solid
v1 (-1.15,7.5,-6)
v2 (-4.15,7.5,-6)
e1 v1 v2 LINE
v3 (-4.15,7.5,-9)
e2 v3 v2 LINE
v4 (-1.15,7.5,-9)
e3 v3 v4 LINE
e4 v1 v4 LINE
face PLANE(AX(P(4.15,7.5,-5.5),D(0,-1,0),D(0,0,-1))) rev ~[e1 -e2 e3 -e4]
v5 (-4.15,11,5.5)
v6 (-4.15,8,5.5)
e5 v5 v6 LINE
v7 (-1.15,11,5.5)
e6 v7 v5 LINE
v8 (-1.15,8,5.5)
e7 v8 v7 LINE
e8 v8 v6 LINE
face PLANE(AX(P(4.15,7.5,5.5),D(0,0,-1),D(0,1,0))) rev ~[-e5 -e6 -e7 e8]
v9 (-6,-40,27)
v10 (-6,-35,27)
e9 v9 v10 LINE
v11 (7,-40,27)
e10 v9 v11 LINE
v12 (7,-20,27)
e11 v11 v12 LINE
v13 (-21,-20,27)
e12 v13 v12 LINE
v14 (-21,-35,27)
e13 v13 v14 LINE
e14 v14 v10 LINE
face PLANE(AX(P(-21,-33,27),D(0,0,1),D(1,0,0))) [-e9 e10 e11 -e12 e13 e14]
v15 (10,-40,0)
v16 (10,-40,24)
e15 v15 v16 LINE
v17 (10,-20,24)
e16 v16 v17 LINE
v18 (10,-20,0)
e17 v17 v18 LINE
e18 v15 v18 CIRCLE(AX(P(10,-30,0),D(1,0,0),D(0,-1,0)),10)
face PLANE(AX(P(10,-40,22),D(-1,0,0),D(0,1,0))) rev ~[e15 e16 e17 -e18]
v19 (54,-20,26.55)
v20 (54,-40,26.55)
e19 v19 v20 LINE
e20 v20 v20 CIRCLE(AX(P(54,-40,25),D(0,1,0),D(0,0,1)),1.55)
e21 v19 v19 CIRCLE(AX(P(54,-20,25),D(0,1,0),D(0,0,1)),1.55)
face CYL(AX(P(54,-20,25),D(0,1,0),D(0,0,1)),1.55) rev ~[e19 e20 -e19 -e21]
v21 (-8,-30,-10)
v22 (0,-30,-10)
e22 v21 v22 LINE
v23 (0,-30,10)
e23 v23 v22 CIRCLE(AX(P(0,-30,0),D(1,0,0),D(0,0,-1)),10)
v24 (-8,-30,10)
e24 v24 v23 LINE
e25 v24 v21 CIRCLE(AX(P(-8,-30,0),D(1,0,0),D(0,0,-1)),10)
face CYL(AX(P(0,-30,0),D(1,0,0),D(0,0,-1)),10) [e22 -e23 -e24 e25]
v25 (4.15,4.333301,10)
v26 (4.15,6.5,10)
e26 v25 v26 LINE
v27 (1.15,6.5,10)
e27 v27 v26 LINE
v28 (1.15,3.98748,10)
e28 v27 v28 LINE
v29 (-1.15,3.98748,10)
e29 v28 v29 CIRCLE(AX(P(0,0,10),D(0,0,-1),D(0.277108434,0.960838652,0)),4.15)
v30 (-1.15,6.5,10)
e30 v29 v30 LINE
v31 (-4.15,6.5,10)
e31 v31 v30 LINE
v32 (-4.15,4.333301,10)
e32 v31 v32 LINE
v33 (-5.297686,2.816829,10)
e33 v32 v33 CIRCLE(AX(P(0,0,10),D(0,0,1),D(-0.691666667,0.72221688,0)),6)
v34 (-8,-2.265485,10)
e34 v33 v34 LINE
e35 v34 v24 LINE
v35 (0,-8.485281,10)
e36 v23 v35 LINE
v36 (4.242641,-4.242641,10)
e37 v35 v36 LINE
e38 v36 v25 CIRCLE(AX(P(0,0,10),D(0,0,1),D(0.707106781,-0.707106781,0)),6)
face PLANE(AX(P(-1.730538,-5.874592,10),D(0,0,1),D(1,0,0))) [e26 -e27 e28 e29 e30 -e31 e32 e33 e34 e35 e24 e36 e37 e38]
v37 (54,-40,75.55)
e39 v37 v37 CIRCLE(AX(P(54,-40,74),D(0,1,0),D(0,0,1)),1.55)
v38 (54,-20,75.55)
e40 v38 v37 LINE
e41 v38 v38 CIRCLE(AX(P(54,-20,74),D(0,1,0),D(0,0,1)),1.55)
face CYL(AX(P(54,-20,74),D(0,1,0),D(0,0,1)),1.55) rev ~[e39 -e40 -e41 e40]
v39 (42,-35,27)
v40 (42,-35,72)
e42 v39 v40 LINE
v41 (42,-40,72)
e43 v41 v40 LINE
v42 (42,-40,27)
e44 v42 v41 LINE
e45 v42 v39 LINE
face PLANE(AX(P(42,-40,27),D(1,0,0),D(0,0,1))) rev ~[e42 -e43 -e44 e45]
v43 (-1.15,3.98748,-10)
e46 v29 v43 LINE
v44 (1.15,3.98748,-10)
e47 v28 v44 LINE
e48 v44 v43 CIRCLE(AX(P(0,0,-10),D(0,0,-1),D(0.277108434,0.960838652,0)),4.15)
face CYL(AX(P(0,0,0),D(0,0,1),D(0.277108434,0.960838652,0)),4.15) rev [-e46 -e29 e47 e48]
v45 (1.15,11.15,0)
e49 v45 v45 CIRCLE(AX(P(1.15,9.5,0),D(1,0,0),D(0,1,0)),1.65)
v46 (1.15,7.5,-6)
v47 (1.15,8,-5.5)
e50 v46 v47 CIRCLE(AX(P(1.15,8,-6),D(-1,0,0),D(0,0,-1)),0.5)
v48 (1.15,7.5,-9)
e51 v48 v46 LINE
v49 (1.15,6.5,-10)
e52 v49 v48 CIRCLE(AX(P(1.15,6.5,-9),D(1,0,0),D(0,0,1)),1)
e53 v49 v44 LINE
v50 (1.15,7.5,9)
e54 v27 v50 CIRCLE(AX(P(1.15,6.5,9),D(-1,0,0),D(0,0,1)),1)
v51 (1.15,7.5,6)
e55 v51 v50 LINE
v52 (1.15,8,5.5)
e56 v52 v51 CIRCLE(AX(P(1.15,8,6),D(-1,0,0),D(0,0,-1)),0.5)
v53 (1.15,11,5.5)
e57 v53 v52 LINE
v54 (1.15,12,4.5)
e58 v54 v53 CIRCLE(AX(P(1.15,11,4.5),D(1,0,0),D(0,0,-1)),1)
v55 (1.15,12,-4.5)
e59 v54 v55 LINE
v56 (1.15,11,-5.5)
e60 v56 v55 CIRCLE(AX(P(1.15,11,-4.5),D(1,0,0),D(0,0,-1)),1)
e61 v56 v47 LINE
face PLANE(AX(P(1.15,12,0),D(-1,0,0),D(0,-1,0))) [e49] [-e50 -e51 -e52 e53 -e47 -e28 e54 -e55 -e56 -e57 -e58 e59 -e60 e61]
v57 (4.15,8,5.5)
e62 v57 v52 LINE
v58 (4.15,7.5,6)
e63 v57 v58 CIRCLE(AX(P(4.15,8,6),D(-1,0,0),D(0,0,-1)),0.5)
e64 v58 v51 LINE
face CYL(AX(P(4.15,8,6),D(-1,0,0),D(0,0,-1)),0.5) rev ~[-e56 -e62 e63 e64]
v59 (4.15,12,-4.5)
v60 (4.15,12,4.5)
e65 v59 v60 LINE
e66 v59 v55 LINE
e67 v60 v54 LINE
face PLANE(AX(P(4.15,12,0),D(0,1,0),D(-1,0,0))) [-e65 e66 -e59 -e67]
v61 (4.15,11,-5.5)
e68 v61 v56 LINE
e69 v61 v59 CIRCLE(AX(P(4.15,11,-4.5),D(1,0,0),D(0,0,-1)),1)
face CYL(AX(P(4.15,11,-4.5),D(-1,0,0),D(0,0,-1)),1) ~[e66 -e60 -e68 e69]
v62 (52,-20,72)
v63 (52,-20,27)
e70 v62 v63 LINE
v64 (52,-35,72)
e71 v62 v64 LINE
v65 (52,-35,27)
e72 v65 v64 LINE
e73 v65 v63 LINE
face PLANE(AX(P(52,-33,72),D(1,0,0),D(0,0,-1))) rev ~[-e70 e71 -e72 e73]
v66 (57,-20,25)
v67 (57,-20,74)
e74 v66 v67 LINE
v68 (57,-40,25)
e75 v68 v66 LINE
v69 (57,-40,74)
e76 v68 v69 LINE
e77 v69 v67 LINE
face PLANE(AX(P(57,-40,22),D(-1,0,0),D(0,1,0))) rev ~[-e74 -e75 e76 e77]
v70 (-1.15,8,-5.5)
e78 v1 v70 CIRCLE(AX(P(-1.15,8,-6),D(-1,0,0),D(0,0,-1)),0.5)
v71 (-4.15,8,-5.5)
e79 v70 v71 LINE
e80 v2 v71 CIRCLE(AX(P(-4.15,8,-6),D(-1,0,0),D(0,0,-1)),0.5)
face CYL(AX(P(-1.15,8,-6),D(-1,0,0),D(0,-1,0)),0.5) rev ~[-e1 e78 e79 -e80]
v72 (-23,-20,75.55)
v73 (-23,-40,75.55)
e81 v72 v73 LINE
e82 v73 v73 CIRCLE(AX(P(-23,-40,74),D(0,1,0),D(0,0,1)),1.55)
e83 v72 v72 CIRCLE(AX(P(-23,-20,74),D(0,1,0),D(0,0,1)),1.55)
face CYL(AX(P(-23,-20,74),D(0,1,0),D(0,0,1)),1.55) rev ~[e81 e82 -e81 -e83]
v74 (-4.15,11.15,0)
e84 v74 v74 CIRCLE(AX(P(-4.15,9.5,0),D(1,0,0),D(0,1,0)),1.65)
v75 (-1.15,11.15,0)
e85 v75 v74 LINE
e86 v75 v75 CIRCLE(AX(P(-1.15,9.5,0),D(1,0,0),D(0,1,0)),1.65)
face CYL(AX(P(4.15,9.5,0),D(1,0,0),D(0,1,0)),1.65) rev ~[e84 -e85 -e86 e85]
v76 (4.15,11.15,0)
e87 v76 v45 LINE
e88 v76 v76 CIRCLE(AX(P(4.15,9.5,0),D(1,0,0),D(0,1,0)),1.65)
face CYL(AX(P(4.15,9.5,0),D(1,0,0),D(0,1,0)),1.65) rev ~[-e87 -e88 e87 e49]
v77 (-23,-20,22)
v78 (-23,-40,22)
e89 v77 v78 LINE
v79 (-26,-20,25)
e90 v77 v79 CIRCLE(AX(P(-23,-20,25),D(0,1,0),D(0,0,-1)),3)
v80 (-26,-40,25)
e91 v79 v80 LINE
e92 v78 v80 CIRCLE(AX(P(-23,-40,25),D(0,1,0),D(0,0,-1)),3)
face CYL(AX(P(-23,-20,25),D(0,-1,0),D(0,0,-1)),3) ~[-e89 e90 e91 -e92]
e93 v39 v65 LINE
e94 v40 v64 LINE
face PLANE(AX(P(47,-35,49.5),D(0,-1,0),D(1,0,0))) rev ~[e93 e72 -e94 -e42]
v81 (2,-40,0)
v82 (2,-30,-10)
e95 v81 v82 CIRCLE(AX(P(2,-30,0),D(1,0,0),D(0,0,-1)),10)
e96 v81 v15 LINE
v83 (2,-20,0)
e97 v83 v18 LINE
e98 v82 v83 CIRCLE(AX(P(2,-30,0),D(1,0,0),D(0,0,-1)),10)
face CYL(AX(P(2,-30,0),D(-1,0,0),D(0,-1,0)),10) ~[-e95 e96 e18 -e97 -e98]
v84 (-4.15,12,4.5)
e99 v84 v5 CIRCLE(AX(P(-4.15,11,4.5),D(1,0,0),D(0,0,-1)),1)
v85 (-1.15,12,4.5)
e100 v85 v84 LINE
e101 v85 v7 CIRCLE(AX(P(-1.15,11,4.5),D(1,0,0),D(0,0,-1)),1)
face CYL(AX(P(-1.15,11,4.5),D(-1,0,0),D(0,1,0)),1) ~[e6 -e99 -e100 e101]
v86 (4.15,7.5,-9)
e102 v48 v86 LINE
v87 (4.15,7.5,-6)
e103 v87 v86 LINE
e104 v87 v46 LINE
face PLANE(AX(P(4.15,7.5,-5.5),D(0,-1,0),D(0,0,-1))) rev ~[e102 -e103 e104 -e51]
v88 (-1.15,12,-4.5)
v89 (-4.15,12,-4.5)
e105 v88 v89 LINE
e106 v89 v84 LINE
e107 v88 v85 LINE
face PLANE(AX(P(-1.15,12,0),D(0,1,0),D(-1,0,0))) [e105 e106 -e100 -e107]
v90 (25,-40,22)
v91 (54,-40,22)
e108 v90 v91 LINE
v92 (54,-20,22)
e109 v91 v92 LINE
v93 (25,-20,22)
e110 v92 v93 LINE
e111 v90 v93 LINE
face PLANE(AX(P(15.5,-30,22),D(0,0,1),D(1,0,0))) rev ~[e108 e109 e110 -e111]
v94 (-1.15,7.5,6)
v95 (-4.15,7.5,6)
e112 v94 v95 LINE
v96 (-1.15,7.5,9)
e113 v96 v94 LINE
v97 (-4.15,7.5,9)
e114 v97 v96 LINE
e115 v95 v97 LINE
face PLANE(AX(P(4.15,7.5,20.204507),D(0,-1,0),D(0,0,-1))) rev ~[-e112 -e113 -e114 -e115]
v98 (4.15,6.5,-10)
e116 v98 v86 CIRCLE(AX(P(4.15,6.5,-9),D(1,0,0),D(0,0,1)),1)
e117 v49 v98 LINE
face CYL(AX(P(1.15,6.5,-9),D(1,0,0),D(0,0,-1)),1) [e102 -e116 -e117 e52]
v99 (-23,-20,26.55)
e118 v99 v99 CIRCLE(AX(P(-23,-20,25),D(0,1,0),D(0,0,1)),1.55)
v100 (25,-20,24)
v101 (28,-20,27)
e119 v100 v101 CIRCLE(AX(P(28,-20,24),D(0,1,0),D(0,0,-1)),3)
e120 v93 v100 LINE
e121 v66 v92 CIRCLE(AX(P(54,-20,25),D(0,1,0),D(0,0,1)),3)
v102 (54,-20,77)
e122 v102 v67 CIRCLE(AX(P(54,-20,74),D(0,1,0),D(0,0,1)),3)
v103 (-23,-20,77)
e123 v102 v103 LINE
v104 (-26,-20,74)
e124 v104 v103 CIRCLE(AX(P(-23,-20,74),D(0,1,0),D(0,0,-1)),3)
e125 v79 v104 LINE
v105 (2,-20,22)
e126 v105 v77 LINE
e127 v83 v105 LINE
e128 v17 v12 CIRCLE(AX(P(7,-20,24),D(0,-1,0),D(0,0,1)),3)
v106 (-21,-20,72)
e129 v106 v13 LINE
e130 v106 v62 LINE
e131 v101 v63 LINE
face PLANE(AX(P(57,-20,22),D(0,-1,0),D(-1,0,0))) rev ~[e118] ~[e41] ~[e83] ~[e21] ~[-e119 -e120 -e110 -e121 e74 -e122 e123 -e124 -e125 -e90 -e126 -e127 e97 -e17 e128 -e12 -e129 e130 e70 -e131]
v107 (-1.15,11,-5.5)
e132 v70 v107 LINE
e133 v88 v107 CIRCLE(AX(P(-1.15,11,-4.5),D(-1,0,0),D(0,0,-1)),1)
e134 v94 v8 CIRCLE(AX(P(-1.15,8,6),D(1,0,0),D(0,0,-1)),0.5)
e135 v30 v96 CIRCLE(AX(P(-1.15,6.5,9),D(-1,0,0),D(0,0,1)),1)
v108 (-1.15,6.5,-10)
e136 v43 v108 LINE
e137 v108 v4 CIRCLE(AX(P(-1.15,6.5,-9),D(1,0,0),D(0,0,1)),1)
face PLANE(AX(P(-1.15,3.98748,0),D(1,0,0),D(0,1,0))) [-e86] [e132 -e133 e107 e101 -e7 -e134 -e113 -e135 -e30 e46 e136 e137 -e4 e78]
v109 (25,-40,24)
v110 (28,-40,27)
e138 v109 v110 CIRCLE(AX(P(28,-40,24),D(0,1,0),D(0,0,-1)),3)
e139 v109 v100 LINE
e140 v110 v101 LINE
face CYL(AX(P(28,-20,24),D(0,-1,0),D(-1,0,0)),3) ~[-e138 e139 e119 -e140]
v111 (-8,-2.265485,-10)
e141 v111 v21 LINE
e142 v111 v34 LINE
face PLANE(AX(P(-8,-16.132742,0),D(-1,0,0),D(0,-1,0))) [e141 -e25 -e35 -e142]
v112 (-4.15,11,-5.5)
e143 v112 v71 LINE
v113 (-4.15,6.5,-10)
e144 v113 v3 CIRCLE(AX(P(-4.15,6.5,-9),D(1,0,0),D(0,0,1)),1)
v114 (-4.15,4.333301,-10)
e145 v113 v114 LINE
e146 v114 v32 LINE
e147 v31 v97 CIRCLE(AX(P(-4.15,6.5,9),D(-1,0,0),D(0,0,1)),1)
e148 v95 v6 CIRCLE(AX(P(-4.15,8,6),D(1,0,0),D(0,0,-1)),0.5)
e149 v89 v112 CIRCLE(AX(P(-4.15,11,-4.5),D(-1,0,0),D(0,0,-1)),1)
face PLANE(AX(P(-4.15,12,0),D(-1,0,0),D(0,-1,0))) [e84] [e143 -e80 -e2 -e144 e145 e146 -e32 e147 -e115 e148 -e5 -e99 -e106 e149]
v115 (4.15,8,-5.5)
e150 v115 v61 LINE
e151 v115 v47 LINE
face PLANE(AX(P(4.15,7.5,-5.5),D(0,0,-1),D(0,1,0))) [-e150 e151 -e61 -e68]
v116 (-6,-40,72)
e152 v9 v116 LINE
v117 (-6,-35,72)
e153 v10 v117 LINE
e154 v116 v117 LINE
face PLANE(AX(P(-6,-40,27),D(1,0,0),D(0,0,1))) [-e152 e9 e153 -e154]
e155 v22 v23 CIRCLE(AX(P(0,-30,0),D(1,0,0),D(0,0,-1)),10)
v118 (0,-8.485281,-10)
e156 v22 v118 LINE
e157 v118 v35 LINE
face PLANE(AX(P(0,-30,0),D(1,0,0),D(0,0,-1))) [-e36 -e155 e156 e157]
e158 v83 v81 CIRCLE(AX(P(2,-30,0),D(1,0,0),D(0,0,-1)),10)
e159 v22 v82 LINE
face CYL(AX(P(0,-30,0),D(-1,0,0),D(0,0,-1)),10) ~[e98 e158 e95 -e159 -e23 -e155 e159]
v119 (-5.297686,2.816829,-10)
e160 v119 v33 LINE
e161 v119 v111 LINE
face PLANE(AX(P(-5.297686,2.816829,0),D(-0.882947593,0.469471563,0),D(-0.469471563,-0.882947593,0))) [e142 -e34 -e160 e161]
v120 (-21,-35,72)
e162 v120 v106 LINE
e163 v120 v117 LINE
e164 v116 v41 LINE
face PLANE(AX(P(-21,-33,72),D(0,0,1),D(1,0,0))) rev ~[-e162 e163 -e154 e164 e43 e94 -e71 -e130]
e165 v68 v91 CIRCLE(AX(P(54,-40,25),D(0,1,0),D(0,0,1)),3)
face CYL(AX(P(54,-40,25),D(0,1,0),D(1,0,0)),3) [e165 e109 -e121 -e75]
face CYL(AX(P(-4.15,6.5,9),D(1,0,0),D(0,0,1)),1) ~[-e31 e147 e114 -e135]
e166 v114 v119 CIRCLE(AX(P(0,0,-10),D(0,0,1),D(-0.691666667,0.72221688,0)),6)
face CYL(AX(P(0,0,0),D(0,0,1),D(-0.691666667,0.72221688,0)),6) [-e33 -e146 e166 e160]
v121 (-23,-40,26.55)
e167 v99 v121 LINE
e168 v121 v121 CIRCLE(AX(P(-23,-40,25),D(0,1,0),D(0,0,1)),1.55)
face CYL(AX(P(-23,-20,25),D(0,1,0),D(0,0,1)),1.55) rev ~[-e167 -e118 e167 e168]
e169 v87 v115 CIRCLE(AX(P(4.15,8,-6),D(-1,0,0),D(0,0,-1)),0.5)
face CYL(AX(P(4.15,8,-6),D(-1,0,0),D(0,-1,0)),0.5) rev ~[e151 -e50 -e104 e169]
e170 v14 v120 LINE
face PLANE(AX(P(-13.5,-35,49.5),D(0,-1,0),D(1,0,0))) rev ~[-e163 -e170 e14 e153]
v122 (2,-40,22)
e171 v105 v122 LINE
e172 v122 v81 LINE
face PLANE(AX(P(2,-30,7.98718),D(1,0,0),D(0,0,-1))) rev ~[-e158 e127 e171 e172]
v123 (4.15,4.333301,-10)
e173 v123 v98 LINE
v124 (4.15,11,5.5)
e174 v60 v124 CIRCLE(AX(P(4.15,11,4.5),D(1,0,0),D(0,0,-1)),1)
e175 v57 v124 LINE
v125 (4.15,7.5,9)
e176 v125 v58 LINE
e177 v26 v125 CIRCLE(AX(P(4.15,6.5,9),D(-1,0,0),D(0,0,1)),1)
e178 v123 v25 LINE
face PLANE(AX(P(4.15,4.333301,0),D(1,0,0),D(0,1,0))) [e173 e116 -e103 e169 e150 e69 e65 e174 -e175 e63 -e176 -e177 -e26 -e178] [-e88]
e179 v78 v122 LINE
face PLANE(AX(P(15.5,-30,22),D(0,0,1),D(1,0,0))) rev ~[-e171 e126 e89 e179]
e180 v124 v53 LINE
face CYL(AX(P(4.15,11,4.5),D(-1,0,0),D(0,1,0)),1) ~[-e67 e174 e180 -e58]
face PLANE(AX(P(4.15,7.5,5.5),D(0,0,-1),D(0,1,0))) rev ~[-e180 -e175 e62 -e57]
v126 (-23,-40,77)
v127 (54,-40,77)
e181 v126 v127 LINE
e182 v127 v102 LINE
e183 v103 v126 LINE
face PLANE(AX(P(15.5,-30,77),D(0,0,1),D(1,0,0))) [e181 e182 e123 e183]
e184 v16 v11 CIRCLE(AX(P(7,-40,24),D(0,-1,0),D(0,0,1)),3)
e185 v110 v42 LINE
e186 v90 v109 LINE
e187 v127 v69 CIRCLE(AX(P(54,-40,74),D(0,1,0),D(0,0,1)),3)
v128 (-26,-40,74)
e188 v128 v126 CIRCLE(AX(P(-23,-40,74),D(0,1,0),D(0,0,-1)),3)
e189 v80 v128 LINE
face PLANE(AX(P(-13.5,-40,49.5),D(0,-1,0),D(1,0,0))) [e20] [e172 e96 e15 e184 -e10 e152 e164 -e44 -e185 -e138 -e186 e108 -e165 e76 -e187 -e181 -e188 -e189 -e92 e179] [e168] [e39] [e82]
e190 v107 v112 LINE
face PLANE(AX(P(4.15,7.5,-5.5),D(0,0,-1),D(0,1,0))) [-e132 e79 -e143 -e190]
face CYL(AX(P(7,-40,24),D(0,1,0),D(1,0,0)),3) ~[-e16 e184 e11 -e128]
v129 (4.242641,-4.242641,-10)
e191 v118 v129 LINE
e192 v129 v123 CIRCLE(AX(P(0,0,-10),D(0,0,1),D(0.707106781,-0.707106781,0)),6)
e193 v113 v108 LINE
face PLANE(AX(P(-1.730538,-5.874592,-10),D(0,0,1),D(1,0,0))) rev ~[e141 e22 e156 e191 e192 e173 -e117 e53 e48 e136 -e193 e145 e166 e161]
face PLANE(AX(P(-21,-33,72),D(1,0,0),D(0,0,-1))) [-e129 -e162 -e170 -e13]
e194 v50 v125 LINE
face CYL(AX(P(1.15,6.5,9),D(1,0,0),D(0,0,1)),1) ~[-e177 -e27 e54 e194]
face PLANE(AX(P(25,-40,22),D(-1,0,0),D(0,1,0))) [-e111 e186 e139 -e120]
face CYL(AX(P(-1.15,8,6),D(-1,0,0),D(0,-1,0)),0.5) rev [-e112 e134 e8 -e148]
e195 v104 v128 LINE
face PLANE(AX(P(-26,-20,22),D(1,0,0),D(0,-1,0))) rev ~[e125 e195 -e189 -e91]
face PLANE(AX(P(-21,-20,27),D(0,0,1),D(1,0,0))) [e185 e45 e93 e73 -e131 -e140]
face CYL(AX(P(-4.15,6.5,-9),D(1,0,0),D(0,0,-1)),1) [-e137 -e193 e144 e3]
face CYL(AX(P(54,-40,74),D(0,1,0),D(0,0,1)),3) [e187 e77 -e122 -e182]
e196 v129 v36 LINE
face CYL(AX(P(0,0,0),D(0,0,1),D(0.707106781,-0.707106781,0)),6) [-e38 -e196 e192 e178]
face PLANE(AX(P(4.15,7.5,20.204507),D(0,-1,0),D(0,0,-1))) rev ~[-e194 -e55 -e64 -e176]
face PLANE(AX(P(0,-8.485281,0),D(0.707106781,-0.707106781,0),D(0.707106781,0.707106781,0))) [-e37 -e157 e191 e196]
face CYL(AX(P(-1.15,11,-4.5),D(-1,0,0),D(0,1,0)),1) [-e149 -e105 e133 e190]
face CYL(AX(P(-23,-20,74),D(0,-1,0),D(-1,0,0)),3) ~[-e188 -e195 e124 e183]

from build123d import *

# Parameters (mm, degrees)
EXTRUDE_1_DEPTH             = 10
EXTRUDE_2_REACH             = 34.619
SKETCH_2_R                  = 10
EXTRUDE_2_DIRECTION_2_DEPTH = 2
SKETCH_6_R                  = 1.65
SKETCH_6_W                  = 14.704506527
SKETCH_6_H                  = 8.520368268
CUT_EXTRUDE_2_DEPTH         = 43.983979574
FILLET_1_R                  = 1
FILLET_2_R                  = 0.5
EXTRUDE_3_DEPTH             = 8
EXTRUDE_4_DEPTH             = 55
SKETCH_9_W                  = 73
SKETCH_9_H                  = 45
CUT_EXTRUDE_3_DEPTH         = 13
SKETCH_10_W                 = 15
SKETCH_10_H                 = 20
CUT_EXTRUDE_4_DEPTH         = 13
SKETCH_11_W                 = 73
SKETCH_11_H                 = 45
CUT_EXTRUDE_6_DEPTH         = 13
SKETCH_12_W                 = 15
SKETCH_12_H                 = 45
SKETCH_12_W_2               = 10
EXTRUDE_5_DEPTH             = 5
FILLET_3_R                  = 3
SKETCH_14_R                 = 1.55
CUT_EXTRUDE_7_DEPTH         = 102.004950374


with BuildPart() as part:
    # 草图1 → 凸台-拉伸1 (new, symmetric)
    with BuildSketch(Plane.XY):
        with BuildLine():
            Line((-1.15, 3.987480407), (-1.15, 12))
            Line((-1.15, 12), (-4.15, 12))
            Line((-4.15, 12), (-4.15, 4.333301282))
            ThreePointArc((-4.15, 4.333301282), (-4.784308974, 3.620826928), (-5.297685557, 2.816829377))
            Line((-5.297685557, 2.816829377), (-8, -2.265484914))
            Line((-8, -2.265484914), (-8, -30))
            Line((-8, -30), (0, -30))
            Line((0, -30), (0, -8.485281374))
            Line((0, -8.485281374), (4.242640687, -4.242640687))
            ThreePointArc((4.242640687, -4.242640687), (5.999649956, 0.064810571), (4.15, 4.333301282))
            Line((4.15, 4.333301282), (4.15, 12))
            Line((4.15, 12), (1.15, 12))
            Line((1.15, 12), (1.15, 3.987480407))
            ThreePointArc((1.15, 3.987480407), (0, -4.15), (-1.15, 3.987480407))
        make_face()
    extrude(amount=EXTRUDE_1_DEPTH, both=True)

    # 凸台-拉伸2: up to this face of the body (flat: up to its plane)
    extrude_2_end = Plane(part.part.faces().sort_by_distance((-8, -16.132742457, 0))[0])
    # 草图2 → 凸台-拉伸2 (add, up to the picked face)
    with BuildSketch(Plane(origin=(0, 0, 0), x_dir=(0, 0, -1), z_dir=(1, 0, 0)), mode=Mode.PRIVATE) as extrude_2_sk1:
        with Locations((0, -30)):
            Circle(SKETCH_2_R)
    extrude_2_tool1 = split(extrude(extrude_2_sk1.sketch, amount=-EXTRUDE_2_REACH, mode=Mode.PRIVATE), bisect_by=extrude_2_end, keep=Keep.BOTH, mode=Mode.PRIVATE)
    add(extrude_2_tool1.solids().sort_by(Axis((0, -30, 0), (-1, 0, 0)))[0])

    # 草图2 → 凸台-拉伸2 direction 2 (add)
    with BuildSketch(Plane(origin=(0, 0, 0), x_dir=(0, 0, -1), z_dir=(1, 0, 0))):
        with Locations((0, -30)):
            Circle(SKETCH_2_R)
    extrude(amount=EXTRUDE_2_DIRECTION_2_DEPTH)

    # 草图6 → 切除-拉伸2 (cut, through all)
    with BuildSketch(Plane(origin=(4.15, 0, 0), x_dir=(0, 0, -1), z_dir=(1, 0, 0))):
        with Locations(Location((0, 9.5, 0), (0, 0, 90))):
            Circle(SKETCH_6_R)
        with Locations((-12.852253263, 11.760184134)):
            Rectangle(SKETCH_6_W, SKETCH_6_H)
        with Locations((12.852253263, 11.760184134)):
            Rectangle(SKETCH_6_W, SKETCH_6_H)
    extrude(amount=-CUT_EXTRUDE_2_DEPTH, mode=Mode.SUBTRACT)

    # 圆角1
    fillet_1_edges = [part.edges().sort_by_distance(p)[0] for p in [
        (2.65, 7.5, -10),
        (-2.65, 7.5, -10),
        (2.65, 7.5, 10),
        (-2.65, 7.5, 10),
        (2.65, 12, 5.5),
        (-2.65, 12, 5.5),
        (2.65, 12, -5.5),
        (-2.65, 12, -5.5),
    ]]
    fillet(fillet_1_edges, radius=FILLET_1_R)

    # 圆角2
    fillet_2_edges = [part.edges().sort_by_distance(p)[0] for p in [
        (-2.65, 7.5, 5.5),
        (2.65, 7.5, 5.5),
        (2.65, 7.5, -5.5),
        (-2.65, 7.5, -5.5),
    ]]
    fillet(fillet_2_edges, radius=FILLET_2_R)

    # 草图7 → 凸台-拉伸3 (add)
    with BuildSketch(Plane(origin=(2, 0, 0), x_dir=(0, 0, -1), z_dir=(1, 0, 0))):
        with BuildLine():
            Line((0, -20), (-22, -20))
            Line((-22, -20), (-22, -40))
            Line((-22, -40), (0, -40))
            ThreePointArc((0, -40), (10, -30), (0, -20))
        make_face()
    extrude(amount=EXTRUDE_3_DEPTH)

    # 草图8 → 凸台-拉伸4 (add)
    with BuildSketch(Plane.XY.offset(22)):
        Polygon((10, -20), (-26, -20), (-26, -40), (2, -40), (57, -40), (57, -20), align=None)
    extrude(amount=EXTRUDE_4_DEPTH)

    # 草图9 → 切除-拉伸3 (cut)
    with BuildSketch(Plane(origin=(0, -20, 0), x_dir=(1, 0, 0), z_dir=(0, 1, 0))):
        with Locations((15.5, -49.5)):
            Rectangle(SKETCH_9_W, SKETCH_9_H)
    extrude(amount=-CUT_EXTRUDE_3_DEPTH, mode=Mode.SUBTRACT)

    # 草图10 → 切除-拉伸4 (cut)
    with BuildSketch(Plane(origin=(0, 0, 22), x_dir=(-1, 0, 0), z_dir=(0, 0, -1))):
        with Locations((-17.5, -30)):
            Rectangle(SKETCH_10_W, SKETCH_10_H)
    extrude(amount=-CUT_EXTRUDE_4_DEPTH, mode=Mode.SUBTRACT)

    # 草图11 → 切除-拉伸6 (cut)
    with BuildSketch(Plane(origin=(0, -33, 0), x_dir=(1, 0, 0), z_dir=(0, 1, 0))):
        with Locations((15.5, -49.5)):
            Rectangle(SKETCH_11_W, SKETCH_11_H)
    extrude(amount=-CUT_EXTRUDE_6_DEPTH, mode=Mode.SUBTRACT)

    # 草图12 → 凸台-拉伸5 (add)
    with BuildSketch(Plane.XZ.offset(40)):
        with Locations((-13.5, 49.5)):
            Rectangle(SKETCH_12_W, SKETCH_12_H)
        with Locations((47, 49.5)):
            Rectangle(SKETCH_12_W_2, SKETCH_12_H)
    extrude(amount=-EXTRUDE_5_DEPTH)

    # 圆角3
    fillet_3_edges = [part.edges().sort_by_distance(p)[0] for p in [
        (-26, -30, 22),
        (57, -30, 22),
        (-26, -30, 77),
        (57, -30, 77),
        (10, -30, 27),
        (25, -30, 27),
    ]]
    fillet(fillet_3_edges, radius=FILLET_3_R)

    # 草图14 → 切除-拉伸7 (cut, through all)
    with BuildSketch(Plane(origin=(0, -20, 0), x_dir=(1, 0, 0), z_dir=(0, 1, 0))):
        with Locations(Location((-23, -25, 0), (0, 0, 270))):
            Circle(SKETCH_14_R)
        with Locations(Location((54, -25, 0), (0, 0, 270))):
            Circle(SKETCH_14_R)
        with Locations(Location((-23, -74, 0), (0, 0, 270))):
            Circle(SKETCH_14_R)
        with Locations(Location((54, -74, 0), (0, 0, 270))):
            Circle(SKETCH_14_R)
    extrude(amount=-CUT_EXTRUDE_7_DEPTH, mode=Mode.SUBTRACT)


solid = part.part
